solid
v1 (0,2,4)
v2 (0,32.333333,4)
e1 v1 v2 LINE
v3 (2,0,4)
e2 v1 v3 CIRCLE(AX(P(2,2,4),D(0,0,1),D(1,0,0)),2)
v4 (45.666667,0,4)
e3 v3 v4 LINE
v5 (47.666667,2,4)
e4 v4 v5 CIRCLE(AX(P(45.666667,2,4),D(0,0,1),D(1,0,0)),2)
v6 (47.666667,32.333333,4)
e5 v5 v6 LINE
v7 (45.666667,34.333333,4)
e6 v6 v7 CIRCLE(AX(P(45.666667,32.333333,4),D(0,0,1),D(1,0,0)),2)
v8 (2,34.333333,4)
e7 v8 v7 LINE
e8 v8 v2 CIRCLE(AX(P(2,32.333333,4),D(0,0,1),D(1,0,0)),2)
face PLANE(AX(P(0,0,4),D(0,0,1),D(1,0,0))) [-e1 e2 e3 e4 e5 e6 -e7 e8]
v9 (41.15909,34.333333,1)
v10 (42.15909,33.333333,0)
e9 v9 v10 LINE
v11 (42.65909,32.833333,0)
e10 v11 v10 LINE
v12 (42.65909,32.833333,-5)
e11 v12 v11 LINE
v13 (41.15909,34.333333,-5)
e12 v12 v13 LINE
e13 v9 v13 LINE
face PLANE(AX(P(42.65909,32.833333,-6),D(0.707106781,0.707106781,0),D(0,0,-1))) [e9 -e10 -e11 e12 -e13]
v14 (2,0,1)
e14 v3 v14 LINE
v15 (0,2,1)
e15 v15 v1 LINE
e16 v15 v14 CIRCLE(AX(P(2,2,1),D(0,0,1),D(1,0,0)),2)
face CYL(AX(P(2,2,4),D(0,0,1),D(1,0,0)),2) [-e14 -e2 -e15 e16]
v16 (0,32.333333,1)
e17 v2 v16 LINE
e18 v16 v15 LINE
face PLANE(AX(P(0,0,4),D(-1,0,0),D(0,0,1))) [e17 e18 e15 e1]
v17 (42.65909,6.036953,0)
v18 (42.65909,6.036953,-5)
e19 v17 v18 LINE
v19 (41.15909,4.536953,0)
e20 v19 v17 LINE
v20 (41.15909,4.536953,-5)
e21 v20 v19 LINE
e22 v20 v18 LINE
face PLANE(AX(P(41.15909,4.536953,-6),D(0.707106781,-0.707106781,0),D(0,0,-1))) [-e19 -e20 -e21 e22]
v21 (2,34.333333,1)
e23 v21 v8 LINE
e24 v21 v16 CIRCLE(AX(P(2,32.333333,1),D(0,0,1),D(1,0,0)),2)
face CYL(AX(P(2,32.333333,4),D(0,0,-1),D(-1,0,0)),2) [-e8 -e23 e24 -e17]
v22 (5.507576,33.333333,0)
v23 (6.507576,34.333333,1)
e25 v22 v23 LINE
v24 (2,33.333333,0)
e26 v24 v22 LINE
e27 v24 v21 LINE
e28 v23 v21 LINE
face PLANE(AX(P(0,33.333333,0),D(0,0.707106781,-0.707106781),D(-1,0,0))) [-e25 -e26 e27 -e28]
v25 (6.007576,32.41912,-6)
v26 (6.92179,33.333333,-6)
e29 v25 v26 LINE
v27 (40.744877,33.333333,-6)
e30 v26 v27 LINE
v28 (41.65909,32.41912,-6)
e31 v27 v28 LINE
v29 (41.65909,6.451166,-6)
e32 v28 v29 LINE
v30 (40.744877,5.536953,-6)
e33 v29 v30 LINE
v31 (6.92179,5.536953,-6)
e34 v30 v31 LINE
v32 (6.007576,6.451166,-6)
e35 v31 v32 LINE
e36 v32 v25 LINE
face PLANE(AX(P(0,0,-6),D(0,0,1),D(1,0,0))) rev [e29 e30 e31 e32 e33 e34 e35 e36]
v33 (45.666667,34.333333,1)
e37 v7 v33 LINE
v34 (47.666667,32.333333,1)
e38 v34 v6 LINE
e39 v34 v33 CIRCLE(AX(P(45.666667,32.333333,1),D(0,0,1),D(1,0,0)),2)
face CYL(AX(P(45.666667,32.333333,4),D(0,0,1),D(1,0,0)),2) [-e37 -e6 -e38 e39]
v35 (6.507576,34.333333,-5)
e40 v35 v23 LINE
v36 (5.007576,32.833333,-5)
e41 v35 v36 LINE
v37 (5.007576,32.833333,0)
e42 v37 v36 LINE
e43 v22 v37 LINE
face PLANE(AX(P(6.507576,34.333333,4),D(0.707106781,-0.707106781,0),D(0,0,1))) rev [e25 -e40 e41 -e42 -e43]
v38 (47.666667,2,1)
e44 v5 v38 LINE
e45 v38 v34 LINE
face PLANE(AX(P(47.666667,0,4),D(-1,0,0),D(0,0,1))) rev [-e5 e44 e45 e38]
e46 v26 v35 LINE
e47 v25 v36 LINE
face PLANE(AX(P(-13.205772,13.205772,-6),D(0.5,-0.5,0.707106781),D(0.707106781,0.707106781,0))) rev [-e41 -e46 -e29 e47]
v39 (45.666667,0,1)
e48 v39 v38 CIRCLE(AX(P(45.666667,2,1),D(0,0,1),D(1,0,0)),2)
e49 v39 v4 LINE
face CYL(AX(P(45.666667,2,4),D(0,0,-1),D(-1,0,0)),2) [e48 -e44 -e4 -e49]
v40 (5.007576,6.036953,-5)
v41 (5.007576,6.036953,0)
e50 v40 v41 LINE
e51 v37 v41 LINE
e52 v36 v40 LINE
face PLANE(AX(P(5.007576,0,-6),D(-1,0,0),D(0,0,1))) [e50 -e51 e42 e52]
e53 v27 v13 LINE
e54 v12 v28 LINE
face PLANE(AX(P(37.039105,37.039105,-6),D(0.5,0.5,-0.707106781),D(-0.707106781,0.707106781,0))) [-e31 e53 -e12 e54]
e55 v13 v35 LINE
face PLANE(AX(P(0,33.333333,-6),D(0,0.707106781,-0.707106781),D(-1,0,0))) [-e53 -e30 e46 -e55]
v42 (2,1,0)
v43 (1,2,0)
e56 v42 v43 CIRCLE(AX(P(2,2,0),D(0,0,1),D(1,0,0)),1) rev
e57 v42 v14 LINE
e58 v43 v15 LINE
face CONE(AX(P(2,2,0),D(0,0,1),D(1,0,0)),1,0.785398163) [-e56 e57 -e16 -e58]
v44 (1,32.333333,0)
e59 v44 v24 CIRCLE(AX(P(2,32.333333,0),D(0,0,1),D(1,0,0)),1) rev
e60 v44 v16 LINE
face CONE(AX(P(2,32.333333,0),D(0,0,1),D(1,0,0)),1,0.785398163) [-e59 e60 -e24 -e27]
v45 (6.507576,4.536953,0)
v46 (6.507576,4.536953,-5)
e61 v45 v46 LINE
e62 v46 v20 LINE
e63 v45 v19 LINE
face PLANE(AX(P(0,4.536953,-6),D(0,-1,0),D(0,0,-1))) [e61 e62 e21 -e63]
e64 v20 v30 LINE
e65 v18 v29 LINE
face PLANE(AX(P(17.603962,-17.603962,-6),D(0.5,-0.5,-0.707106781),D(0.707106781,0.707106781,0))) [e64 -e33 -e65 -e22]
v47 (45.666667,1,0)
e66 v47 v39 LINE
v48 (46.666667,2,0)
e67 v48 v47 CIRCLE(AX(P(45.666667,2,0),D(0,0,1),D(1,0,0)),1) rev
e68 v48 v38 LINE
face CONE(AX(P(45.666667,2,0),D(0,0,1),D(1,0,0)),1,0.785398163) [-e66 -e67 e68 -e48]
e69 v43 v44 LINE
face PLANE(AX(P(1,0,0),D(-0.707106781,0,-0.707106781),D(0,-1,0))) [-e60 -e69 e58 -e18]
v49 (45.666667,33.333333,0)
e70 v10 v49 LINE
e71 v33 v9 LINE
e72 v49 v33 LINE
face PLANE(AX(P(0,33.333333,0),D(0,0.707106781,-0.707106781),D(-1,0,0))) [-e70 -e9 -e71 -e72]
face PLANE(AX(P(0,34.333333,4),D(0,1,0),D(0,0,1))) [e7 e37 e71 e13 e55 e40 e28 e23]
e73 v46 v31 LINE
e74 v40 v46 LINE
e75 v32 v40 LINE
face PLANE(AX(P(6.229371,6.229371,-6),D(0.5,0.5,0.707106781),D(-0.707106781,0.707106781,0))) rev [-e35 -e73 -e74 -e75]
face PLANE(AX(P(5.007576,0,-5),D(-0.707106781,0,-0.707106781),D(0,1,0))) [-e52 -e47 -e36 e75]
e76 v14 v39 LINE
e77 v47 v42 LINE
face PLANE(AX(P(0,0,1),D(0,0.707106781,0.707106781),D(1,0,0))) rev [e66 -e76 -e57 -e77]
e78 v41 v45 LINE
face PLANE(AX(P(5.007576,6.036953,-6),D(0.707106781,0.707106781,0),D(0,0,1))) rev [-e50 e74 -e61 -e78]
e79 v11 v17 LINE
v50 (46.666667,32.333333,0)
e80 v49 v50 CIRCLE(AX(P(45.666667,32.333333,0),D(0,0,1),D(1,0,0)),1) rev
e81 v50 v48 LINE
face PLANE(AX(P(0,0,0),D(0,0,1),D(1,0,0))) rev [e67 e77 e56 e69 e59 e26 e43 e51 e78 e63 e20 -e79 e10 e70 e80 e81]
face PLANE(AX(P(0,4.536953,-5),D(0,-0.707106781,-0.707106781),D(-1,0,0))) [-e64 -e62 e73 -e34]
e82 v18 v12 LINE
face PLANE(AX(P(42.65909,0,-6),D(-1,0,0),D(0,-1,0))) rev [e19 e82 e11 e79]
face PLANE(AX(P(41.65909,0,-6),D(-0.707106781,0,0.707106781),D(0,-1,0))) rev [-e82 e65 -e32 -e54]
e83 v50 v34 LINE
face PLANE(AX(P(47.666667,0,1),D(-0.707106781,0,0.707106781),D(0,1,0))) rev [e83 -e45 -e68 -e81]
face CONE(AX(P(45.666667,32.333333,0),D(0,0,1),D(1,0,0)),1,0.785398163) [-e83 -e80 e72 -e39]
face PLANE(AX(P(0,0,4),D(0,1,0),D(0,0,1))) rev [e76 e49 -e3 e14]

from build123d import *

# Parameters (mm, degrees)
SKETCH1_W           = 47.666666667
SKETCH1_H           = 34.333333333
BOSS_EXTRUDE1_DEPTH = 4
SKETCH1_3_W         = 37.651513934
SKETCH1_3_H         = 29.796380505
BOSS_EXTRUDE2_DEPTH = 6
FILLET1_R           = 2
CHAMFER1_SIZE       = 1.5
CHAMFER2_SIZE       = 1
CHAMFER3_SIZE       = 1


with BuildPart() as part:
    # Sketch1 → Boss-Extrude1 (new body)
    with BuildSketch(Plane.XY):
        with Locations((23.833333334, 17.166666666)):
            Rectangle(SKETCH1_W, SKETCH1_H)
    extrude(amount=BOSS_EXTRUDE1_DEPTH)

    # Sketch1<3> → Boss-Extrude2 (add)
    with BuildSketch(Plane.XY):
        with Locations((23.833333333, 19.43514308)):
            Rectangle(SKETCH1_3_W, SKETCH1_3_H)
    extrude(amount=-BOSS_EXTRUDE2_DEPTH)

    # Fillet1
    fillet1_edges = [part.edges().sort_by_distance(p)[0] for p in [
        (0, 34.333333333, 2),
        (47.666666667, 34.333333333, 2),
        (0, 0, 2),
        (47.666666667, 0, 2),
    ]]
    fillet(fillet1_edges, radius=FILLET1_R)

    # Chamfer1
    chamfer1_edges = [part.edges().sort_by_distance(p)[0] for p in [
        (5.007576366, 34.333333333, -3),
        (42.6590903, 34.333333333, -3),
        (42.6590903, 4.536952828, -3),
        (5.007576366, 4.536952828, -3),
    ]]
    chamfer(chamfer1_edges, length=CHAMFER1_SIZE)

    # Chamfer2
    chamfer2_edges = [part.edges().sort_by_distance(p)[0] for p in [
        (41.9090903, 33.583333333, -6),
        (23.833333333, 34.333333333, -6),
        (5.757576366, 33.583333333, -6),
        (5.007576366, 19.435143081, -6),
        (5.757576366, 5.286952828, -6),
        (42.6590903, 19.435143081, -6),
        (41.9090903, 5.286952828, -6),
        (23.833333333, 4.536952828, -6),
    ]]
    chamfer(chamfer2_edges, length=CHAMFER2_SIZE)

    # Chamfer3
    chamfer3_edges = [part.edges().sort_by_distance(p)[0] for p in [
        (4.253788183, 34.333333333, 0),
        (0.585786438, 33.747546896, 0),
        (0, 17.166666667, 0),
        (0.585786438, 0.585786438, 0),
        (23.833333333, 0, 0),
        (47.080880229, 0.585786438, 0),
        (47.666666667, 17.166666667, 0),
        (47.080880229, 33.747546896, 0),
        (43.412878483, 34.333333333, 0),
    ]]
    chamfer(chamfer3_edges, length=CHAMFER3_SIZE)


solid = part.part
